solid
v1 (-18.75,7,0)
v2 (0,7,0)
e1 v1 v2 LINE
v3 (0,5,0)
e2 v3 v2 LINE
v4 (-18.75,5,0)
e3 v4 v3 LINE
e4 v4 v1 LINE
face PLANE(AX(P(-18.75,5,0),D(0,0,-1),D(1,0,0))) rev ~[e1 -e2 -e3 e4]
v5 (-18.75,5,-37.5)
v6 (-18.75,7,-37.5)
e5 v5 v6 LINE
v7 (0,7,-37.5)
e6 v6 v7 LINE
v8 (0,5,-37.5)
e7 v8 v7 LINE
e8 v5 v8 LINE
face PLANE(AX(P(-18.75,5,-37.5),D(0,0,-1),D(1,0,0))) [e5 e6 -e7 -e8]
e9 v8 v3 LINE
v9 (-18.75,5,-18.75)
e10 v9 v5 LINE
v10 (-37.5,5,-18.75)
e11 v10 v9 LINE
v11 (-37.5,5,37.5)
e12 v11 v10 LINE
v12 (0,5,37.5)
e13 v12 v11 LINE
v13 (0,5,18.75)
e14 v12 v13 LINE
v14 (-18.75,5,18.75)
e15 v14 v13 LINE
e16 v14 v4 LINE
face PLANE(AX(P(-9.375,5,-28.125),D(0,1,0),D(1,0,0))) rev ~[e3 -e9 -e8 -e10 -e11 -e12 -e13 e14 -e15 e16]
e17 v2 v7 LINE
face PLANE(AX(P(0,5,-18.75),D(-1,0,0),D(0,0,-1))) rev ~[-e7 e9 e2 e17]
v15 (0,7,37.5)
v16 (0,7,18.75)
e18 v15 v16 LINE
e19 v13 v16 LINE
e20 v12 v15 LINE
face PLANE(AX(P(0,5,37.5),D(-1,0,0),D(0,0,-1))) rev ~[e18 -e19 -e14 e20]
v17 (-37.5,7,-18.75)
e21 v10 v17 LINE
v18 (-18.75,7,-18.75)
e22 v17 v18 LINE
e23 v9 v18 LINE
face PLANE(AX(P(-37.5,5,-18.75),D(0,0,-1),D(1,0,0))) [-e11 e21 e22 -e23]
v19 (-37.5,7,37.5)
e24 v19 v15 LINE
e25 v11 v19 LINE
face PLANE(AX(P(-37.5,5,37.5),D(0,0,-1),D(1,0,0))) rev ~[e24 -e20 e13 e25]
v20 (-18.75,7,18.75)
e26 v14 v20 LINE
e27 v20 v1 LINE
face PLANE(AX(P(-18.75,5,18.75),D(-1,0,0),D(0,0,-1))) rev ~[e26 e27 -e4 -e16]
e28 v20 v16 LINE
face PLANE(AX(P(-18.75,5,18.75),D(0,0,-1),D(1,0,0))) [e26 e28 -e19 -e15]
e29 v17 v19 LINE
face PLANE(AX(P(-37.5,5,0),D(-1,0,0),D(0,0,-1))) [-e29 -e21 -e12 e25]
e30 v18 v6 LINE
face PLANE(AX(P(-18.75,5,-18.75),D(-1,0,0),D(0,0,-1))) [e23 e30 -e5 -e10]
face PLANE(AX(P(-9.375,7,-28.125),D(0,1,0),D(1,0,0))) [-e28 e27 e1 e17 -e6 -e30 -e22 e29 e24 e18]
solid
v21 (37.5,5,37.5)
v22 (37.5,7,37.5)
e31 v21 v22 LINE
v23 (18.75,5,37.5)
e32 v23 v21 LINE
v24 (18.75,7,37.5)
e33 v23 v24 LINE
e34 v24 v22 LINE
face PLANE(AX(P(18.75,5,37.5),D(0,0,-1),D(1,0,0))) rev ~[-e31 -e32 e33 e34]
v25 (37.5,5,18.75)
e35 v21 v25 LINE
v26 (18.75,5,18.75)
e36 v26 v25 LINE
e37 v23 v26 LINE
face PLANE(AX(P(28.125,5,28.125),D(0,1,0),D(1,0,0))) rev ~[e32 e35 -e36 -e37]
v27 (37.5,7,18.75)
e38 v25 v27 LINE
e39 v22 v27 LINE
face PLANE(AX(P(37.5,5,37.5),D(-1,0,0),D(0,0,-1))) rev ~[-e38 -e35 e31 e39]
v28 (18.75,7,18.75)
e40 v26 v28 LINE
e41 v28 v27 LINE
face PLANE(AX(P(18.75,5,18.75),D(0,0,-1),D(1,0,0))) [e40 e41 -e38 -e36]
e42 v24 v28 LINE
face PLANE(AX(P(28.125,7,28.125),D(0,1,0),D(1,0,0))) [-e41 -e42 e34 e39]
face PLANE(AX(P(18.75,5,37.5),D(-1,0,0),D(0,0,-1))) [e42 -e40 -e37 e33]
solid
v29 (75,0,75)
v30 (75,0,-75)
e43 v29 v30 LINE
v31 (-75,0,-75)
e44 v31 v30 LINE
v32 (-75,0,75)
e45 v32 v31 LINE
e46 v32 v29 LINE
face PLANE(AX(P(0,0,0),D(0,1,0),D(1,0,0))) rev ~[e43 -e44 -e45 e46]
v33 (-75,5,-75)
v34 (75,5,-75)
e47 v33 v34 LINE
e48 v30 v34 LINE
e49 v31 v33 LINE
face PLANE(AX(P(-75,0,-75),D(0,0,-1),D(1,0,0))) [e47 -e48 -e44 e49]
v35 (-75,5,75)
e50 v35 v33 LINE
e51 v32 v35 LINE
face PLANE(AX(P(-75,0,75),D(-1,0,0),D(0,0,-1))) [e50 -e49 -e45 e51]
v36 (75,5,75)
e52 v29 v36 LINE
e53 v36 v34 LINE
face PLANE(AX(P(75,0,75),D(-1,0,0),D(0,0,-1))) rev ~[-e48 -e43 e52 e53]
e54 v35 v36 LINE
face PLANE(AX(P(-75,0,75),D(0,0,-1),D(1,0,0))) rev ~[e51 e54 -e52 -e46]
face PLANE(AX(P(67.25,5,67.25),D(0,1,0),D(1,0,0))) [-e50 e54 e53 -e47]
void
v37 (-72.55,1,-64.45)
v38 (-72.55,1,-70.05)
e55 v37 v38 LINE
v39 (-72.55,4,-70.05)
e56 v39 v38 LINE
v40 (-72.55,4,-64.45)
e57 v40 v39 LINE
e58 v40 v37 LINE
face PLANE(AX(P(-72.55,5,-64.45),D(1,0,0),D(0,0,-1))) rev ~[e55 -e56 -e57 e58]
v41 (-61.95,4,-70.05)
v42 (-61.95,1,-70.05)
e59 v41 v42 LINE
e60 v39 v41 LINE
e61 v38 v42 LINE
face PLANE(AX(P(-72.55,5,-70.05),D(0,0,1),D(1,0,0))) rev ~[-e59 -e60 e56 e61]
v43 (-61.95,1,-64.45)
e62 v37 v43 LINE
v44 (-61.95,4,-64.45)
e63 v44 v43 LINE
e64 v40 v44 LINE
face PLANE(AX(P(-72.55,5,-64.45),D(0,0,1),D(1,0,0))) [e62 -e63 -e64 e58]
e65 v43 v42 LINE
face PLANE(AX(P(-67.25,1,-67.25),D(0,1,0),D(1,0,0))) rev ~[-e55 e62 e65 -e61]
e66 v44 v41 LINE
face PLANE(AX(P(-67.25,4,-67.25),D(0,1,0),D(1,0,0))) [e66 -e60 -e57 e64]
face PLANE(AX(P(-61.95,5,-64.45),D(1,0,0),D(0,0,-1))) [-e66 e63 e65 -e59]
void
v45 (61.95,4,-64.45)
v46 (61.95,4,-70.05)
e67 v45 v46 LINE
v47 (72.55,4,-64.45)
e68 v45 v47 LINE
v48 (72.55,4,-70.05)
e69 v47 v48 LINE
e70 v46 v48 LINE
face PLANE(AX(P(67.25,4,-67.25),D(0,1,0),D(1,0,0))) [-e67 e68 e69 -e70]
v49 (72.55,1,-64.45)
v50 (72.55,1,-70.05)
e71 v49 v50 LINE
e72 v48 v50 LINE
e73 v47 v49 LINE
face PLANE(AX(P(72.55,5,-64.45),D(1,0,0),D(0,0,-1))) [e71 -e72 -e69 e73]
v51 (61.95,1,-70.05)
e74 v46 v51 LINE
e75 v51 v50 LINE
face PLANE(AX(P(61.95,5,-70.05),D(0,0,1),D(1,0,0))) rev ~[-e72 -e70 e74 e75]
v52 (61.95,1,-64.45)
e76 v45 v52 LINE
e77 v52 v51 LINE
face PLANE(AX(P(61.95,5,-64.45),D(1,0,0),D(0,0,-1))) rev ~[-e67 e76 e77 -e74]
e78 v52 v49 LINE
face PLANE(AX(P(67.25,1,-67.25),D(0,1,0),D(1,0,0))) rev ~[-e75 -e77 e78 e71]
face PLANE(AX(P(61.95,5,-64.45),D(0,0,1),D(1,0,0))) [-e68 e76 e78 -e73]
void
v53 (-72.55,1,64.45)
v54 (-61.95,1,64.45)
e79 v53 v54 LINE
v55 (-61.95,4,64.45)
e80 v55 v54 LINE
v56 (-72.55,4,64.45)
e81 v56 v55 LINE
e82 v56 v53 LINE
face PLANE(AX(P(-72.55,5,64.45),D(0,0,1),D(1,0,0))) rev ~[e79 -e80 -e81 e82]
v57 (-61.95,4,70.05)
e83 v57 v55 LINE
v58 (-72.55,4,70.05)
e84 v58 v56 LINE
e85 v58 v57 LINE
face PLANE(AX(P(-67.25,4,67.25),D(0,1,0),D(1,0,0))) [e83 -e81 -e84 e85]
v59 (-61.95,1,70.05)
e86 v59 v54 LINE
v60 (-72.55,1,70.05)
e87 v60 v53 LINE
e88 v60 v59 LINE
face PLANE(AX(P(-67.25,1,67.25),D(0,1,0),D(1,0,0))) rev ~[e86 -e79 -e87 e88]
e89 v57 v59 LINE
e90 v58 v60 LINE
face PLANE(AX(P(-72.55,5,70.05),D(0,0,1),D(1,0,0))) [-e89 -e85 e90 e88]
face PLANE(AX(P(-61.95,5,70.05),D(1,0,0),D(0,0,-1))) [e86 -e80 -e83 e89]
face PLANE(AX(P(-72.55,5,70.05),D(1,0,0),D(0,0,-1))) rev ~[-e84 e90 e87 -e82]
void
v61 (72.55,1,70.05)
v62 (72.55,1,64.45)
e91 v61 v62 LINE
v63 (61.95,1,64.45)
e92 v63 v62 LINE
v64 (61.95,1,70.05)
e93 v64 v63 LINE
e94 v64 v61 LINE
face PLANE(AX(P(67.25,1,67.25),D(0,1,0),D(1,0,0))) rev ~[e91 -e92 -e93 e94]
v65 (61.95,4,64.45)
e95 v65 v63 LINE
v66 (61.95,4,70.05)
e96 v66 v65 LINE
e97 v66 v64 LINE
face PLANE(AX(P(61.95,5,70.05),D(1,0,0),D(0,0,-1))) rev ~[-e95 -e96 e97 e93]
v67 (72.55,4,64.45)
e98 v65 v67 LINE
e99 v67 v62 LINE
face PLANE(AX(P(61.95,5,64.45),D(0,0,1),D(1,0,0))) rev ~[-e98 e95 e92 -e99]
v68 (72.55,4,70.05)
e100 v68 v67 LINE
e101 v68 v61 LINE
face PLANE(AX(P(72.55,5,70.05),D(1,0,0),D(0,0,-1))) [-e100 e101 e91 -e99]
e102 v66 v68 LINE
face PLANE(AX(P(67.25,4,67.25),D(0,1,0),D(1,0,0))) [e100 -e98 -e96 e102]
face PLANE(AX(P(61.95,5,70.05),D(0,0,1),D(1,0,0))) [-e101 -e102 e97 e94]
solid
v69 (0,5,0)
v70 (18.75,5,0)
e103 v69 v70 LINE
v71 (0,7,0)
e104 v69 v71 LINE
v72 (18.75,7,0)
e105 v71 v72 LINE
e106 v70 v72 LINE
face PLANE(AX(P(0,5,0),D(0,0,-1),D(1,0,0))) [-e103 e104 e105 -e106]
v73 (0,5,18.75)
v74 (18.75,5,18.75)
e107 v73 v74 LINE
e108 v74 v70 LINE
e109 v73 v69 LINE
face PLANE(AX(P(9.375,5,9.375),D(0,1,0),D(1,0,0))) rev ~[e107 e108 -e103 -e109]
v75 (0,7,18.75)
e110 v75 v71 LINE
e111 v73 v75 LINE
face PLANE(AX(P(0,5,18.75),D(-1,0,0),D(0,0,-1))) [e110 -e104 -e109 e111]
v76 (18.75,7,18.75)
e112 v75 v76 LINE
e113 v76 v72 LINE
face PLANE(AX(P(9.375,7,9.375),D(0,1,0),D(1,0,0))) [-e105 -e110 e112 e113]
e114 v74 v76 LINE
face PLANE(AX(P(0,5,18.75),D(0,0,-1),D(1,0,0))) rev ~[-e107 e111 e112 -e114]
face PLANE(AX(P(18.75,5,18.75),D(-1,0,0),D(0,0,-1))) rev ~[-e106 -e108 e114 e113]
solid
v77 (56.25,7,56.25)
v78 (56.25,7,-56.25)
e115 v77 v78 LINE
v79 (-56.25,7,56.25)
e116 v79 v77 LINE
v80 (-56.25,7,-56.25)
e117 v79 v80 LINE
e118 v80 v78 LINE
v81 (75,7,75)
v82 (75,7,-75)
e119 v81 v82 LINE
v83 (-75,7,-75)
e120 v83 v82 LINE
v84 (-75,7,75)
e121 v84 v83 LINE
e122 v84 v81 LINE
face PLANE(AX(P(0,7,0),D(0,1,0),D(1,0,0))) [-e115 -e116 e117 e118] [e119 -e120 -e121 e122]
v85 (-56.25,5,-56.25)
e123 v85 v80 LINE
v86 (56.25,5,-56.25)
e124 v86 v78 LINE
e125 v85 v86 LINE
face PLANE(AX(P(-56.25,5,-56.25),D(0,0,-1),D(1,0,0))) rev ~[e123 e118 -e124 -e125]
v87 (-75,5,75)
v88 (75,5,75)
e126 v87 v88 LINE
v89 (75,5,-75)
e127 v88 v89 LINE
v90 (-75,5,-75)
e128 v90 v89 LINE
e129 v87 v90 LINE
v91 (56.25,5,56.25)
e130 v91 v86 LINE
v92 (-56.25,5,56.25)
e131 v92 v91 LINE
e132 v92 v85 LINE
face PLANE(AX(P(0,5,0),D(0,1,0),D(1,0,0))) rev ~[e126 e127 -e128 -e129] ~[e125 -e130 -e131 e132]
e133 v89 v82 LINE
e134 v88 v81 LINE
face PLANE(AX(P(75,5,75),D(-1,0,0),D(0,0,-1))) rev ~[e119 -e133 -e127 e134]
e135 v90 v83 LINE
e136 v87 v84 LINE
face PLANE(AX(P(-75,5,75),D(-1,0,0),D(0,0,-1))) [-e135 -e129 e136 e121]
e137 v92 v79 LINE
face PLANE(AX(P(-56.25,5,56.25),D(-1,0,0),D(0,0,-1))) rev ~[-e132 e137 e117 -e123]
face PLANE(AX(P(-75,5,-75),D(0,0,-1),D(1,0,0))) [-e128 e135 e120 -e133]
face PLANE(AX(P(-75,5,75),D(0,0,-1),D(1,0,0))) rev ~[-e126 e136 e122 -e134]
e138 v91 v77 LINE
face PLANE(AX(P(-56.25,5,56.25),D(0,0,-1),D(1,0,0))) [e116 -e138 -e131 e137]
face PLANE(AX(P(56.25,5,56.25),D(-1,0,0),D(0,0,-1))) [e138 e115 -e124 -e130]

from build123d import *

# Parameters (mm, degrees)
SKETCH_1_W          = 150
SKETCH_1_H          = 150
EXTRUDE_1_DEPTH     = 5
SKETCH_10_W         = 150
SKETCH_10_H         = 150
SKETCH_10_W_2       = 112.5
SKETCH_10_H_2       = 112.5
SKETCH_10_W_3       = 18.75
SKETCH_10_H_3       = 18.75
EXTRUDE_8_DEPTH     = 2
SKETCH_6_W          = 10.6
SKETCH_6_H          = 5.6
CUT_EXTRUDE_1_DEPTH = 4
SKETCH_7_W          = 10.6
SKETCH_7_H          = 5.6
EXTRUDE_7_DEPTH     = 1


with BuildPart() as part:
    # Эскиз1 → Бобышка-Вытянуть1 (new body)
    with BuildSketch(Plane(origin=(0, 0, 0), x_dir=(1, 0, 0), z_dir=(0, 1, 0))):
        Rectangle(SKETCH_1_W, SKETCH_1_H)
    extrude(amount=EXTRUDE_1_DEPTH)

    # Эскиз6 → Вырез-Вытянуть1 (cut)
    with BuildSketch(Plane(origin=(0, 5, 0), x_dir=(1, 0, 0), z_dir=(0, 1, 0))):
        with Locations((67.25, -67.25)):
            Rectangle(SKETCH_6_W, SKETCH_6_H)
        with Locations((-67.25, -67.25)):
            Rectangle(SKETCH_6_W, SKETCH_6_H)
        with Locations((-67.25, 67.25)):
            Rectangle(SKETCH_6_W, SKETCH_6_H)
        with Locations((67.25, 67.25)):
            Rectangle(SKETCH_6_W, SKETCH_6_H)
    extrude(amount=-CUT_EXTRUDE_1_DEPTH, mode=Mode.SUBTRACT)

    # Эскиз7 → Бобышка-Вытянуть7 (add)
    with BuildSketch(Plane(origin=(0, 5, 0), x_dir=(1, 0, 0), z_dir=(0, 1, 0))):
        with Locations((67.25, -67.25)):
            Rectangle(SKETCH_7_W, SKETCH_7_H)
        with Locations((-67.25, -67.25)):
            Rectangle(SKETCH_7_W, SKETCH_7_H)
        with Locations((67.25, 67.25)):
            Rectangle(SKETCH_7_W, SKETCH_7_H)
        with Locations((-67.25, 67.25)):
            Rectangle(SKETCH_7_W, SKETCH_7_H)
    extrude(amount=-EXTRUDE_7_DEPTH)


with BuildPart() as body_2:
    # Эскиз10 → Бобышка-Вытянуть8 (new body)
    # profile 1 of 9: a face of its own
    with BuildSketch(Plane(origin=(0, 5, 0), x_dir=(1, 0, 0), z_dir=(0, 1, 0))):
        Rectangle(SKETCH_10_W, SKETCH_10_H)
        Rectangle(SKETCH_10_W_2, SKETCH_10_H_2, mode=Mode.SUBTRACT)
    # profile 2 of 9: a face of its own
    with BuildSketch(Plane(origin=(0, 5, 0), x_dir=(1, 0, 0), z_dir=(0, 1, 0))):
        with Locations((28.125, -28.125)):
            Rectangle(SKETCH_10_W_3, SKETCH_10_H_3)
    # profile 3 of 9: a face of its own
    with BuildSketch(Plane(origin=(0, 5, 0), x_dir=(1, 0, 0), z_dir=(0, 1, 0))):
        with Locations((9.375, -9.375)):
            Rectangle(SKETCH_10_W_3, SKETCH_10_H_3)
    # profile 4 of 9: a face of its own
    with BuildSketch(Plane(origin=(0, 5, 0), x_dir=(1, 0, 0), z_dir=(0, 1, 0))):
        with Locations((-9.375, -28.125)):
            Rectangle(SKETCH_10_W_3, SKETCH_10_H_3)
    # profile 5 of 9: a face of its own
    with BuildSketch(Plane(origin=(0, 5, 0), x_dir=(1, 0, 0), z_dir=(0, 1, 0))):
        with Locations((-28.125, -28.125)):
            Rectangle(SKETCH_10_W_3, SKETCH_10_H_3)
    # profile 6 of 9: a face of its own
    with BuildSketch(Plane(origin=(0, 5, 0), x_dir=(1, 0, 0), z_dir=(0, 1, 0))):
        with Locations((-28.125, -9.375)):
            Rectangle(SKETCH_10_W_3, SKETCH_10_H_3)
    # profile 7 of 9: a face of its own
    with BuildSketch(Plane(origin=(0, 5, 0), x_dir=(1, 0, 0), z_dir=(0, 1, 0))):
        with Locations((-28.125, 9.375)):
            Rectangle(SKETCH_10_W_3, SKETCH_10_H_3)
    # profile 8 of 9: a face of its own
    with BuildSketch(Plane(origin=(0, 5, 0), x_dir=(1, 0, 0), z_dir=(0, 1, 0))):
        with Locations((-9.375, 9.375)):
            Rectangle(SKETCH_10_W_3, SKETCH_10_H_3)
    # profile 9 of 9: a face of its own
    with BuildSketch(Plane(origin=(0, 5, 0), x_dir=(1, 0, 0), z_dir=(0, 1, 0))):
        with Locations((-9.375, 28.125)):
            Rectangle(SKETCH_10_W_3, SKETCH_10_H_3)
    extrude(amount=EXTRUDE_8_DEPTH)


solid = Compound([part.part, body_2.part])
